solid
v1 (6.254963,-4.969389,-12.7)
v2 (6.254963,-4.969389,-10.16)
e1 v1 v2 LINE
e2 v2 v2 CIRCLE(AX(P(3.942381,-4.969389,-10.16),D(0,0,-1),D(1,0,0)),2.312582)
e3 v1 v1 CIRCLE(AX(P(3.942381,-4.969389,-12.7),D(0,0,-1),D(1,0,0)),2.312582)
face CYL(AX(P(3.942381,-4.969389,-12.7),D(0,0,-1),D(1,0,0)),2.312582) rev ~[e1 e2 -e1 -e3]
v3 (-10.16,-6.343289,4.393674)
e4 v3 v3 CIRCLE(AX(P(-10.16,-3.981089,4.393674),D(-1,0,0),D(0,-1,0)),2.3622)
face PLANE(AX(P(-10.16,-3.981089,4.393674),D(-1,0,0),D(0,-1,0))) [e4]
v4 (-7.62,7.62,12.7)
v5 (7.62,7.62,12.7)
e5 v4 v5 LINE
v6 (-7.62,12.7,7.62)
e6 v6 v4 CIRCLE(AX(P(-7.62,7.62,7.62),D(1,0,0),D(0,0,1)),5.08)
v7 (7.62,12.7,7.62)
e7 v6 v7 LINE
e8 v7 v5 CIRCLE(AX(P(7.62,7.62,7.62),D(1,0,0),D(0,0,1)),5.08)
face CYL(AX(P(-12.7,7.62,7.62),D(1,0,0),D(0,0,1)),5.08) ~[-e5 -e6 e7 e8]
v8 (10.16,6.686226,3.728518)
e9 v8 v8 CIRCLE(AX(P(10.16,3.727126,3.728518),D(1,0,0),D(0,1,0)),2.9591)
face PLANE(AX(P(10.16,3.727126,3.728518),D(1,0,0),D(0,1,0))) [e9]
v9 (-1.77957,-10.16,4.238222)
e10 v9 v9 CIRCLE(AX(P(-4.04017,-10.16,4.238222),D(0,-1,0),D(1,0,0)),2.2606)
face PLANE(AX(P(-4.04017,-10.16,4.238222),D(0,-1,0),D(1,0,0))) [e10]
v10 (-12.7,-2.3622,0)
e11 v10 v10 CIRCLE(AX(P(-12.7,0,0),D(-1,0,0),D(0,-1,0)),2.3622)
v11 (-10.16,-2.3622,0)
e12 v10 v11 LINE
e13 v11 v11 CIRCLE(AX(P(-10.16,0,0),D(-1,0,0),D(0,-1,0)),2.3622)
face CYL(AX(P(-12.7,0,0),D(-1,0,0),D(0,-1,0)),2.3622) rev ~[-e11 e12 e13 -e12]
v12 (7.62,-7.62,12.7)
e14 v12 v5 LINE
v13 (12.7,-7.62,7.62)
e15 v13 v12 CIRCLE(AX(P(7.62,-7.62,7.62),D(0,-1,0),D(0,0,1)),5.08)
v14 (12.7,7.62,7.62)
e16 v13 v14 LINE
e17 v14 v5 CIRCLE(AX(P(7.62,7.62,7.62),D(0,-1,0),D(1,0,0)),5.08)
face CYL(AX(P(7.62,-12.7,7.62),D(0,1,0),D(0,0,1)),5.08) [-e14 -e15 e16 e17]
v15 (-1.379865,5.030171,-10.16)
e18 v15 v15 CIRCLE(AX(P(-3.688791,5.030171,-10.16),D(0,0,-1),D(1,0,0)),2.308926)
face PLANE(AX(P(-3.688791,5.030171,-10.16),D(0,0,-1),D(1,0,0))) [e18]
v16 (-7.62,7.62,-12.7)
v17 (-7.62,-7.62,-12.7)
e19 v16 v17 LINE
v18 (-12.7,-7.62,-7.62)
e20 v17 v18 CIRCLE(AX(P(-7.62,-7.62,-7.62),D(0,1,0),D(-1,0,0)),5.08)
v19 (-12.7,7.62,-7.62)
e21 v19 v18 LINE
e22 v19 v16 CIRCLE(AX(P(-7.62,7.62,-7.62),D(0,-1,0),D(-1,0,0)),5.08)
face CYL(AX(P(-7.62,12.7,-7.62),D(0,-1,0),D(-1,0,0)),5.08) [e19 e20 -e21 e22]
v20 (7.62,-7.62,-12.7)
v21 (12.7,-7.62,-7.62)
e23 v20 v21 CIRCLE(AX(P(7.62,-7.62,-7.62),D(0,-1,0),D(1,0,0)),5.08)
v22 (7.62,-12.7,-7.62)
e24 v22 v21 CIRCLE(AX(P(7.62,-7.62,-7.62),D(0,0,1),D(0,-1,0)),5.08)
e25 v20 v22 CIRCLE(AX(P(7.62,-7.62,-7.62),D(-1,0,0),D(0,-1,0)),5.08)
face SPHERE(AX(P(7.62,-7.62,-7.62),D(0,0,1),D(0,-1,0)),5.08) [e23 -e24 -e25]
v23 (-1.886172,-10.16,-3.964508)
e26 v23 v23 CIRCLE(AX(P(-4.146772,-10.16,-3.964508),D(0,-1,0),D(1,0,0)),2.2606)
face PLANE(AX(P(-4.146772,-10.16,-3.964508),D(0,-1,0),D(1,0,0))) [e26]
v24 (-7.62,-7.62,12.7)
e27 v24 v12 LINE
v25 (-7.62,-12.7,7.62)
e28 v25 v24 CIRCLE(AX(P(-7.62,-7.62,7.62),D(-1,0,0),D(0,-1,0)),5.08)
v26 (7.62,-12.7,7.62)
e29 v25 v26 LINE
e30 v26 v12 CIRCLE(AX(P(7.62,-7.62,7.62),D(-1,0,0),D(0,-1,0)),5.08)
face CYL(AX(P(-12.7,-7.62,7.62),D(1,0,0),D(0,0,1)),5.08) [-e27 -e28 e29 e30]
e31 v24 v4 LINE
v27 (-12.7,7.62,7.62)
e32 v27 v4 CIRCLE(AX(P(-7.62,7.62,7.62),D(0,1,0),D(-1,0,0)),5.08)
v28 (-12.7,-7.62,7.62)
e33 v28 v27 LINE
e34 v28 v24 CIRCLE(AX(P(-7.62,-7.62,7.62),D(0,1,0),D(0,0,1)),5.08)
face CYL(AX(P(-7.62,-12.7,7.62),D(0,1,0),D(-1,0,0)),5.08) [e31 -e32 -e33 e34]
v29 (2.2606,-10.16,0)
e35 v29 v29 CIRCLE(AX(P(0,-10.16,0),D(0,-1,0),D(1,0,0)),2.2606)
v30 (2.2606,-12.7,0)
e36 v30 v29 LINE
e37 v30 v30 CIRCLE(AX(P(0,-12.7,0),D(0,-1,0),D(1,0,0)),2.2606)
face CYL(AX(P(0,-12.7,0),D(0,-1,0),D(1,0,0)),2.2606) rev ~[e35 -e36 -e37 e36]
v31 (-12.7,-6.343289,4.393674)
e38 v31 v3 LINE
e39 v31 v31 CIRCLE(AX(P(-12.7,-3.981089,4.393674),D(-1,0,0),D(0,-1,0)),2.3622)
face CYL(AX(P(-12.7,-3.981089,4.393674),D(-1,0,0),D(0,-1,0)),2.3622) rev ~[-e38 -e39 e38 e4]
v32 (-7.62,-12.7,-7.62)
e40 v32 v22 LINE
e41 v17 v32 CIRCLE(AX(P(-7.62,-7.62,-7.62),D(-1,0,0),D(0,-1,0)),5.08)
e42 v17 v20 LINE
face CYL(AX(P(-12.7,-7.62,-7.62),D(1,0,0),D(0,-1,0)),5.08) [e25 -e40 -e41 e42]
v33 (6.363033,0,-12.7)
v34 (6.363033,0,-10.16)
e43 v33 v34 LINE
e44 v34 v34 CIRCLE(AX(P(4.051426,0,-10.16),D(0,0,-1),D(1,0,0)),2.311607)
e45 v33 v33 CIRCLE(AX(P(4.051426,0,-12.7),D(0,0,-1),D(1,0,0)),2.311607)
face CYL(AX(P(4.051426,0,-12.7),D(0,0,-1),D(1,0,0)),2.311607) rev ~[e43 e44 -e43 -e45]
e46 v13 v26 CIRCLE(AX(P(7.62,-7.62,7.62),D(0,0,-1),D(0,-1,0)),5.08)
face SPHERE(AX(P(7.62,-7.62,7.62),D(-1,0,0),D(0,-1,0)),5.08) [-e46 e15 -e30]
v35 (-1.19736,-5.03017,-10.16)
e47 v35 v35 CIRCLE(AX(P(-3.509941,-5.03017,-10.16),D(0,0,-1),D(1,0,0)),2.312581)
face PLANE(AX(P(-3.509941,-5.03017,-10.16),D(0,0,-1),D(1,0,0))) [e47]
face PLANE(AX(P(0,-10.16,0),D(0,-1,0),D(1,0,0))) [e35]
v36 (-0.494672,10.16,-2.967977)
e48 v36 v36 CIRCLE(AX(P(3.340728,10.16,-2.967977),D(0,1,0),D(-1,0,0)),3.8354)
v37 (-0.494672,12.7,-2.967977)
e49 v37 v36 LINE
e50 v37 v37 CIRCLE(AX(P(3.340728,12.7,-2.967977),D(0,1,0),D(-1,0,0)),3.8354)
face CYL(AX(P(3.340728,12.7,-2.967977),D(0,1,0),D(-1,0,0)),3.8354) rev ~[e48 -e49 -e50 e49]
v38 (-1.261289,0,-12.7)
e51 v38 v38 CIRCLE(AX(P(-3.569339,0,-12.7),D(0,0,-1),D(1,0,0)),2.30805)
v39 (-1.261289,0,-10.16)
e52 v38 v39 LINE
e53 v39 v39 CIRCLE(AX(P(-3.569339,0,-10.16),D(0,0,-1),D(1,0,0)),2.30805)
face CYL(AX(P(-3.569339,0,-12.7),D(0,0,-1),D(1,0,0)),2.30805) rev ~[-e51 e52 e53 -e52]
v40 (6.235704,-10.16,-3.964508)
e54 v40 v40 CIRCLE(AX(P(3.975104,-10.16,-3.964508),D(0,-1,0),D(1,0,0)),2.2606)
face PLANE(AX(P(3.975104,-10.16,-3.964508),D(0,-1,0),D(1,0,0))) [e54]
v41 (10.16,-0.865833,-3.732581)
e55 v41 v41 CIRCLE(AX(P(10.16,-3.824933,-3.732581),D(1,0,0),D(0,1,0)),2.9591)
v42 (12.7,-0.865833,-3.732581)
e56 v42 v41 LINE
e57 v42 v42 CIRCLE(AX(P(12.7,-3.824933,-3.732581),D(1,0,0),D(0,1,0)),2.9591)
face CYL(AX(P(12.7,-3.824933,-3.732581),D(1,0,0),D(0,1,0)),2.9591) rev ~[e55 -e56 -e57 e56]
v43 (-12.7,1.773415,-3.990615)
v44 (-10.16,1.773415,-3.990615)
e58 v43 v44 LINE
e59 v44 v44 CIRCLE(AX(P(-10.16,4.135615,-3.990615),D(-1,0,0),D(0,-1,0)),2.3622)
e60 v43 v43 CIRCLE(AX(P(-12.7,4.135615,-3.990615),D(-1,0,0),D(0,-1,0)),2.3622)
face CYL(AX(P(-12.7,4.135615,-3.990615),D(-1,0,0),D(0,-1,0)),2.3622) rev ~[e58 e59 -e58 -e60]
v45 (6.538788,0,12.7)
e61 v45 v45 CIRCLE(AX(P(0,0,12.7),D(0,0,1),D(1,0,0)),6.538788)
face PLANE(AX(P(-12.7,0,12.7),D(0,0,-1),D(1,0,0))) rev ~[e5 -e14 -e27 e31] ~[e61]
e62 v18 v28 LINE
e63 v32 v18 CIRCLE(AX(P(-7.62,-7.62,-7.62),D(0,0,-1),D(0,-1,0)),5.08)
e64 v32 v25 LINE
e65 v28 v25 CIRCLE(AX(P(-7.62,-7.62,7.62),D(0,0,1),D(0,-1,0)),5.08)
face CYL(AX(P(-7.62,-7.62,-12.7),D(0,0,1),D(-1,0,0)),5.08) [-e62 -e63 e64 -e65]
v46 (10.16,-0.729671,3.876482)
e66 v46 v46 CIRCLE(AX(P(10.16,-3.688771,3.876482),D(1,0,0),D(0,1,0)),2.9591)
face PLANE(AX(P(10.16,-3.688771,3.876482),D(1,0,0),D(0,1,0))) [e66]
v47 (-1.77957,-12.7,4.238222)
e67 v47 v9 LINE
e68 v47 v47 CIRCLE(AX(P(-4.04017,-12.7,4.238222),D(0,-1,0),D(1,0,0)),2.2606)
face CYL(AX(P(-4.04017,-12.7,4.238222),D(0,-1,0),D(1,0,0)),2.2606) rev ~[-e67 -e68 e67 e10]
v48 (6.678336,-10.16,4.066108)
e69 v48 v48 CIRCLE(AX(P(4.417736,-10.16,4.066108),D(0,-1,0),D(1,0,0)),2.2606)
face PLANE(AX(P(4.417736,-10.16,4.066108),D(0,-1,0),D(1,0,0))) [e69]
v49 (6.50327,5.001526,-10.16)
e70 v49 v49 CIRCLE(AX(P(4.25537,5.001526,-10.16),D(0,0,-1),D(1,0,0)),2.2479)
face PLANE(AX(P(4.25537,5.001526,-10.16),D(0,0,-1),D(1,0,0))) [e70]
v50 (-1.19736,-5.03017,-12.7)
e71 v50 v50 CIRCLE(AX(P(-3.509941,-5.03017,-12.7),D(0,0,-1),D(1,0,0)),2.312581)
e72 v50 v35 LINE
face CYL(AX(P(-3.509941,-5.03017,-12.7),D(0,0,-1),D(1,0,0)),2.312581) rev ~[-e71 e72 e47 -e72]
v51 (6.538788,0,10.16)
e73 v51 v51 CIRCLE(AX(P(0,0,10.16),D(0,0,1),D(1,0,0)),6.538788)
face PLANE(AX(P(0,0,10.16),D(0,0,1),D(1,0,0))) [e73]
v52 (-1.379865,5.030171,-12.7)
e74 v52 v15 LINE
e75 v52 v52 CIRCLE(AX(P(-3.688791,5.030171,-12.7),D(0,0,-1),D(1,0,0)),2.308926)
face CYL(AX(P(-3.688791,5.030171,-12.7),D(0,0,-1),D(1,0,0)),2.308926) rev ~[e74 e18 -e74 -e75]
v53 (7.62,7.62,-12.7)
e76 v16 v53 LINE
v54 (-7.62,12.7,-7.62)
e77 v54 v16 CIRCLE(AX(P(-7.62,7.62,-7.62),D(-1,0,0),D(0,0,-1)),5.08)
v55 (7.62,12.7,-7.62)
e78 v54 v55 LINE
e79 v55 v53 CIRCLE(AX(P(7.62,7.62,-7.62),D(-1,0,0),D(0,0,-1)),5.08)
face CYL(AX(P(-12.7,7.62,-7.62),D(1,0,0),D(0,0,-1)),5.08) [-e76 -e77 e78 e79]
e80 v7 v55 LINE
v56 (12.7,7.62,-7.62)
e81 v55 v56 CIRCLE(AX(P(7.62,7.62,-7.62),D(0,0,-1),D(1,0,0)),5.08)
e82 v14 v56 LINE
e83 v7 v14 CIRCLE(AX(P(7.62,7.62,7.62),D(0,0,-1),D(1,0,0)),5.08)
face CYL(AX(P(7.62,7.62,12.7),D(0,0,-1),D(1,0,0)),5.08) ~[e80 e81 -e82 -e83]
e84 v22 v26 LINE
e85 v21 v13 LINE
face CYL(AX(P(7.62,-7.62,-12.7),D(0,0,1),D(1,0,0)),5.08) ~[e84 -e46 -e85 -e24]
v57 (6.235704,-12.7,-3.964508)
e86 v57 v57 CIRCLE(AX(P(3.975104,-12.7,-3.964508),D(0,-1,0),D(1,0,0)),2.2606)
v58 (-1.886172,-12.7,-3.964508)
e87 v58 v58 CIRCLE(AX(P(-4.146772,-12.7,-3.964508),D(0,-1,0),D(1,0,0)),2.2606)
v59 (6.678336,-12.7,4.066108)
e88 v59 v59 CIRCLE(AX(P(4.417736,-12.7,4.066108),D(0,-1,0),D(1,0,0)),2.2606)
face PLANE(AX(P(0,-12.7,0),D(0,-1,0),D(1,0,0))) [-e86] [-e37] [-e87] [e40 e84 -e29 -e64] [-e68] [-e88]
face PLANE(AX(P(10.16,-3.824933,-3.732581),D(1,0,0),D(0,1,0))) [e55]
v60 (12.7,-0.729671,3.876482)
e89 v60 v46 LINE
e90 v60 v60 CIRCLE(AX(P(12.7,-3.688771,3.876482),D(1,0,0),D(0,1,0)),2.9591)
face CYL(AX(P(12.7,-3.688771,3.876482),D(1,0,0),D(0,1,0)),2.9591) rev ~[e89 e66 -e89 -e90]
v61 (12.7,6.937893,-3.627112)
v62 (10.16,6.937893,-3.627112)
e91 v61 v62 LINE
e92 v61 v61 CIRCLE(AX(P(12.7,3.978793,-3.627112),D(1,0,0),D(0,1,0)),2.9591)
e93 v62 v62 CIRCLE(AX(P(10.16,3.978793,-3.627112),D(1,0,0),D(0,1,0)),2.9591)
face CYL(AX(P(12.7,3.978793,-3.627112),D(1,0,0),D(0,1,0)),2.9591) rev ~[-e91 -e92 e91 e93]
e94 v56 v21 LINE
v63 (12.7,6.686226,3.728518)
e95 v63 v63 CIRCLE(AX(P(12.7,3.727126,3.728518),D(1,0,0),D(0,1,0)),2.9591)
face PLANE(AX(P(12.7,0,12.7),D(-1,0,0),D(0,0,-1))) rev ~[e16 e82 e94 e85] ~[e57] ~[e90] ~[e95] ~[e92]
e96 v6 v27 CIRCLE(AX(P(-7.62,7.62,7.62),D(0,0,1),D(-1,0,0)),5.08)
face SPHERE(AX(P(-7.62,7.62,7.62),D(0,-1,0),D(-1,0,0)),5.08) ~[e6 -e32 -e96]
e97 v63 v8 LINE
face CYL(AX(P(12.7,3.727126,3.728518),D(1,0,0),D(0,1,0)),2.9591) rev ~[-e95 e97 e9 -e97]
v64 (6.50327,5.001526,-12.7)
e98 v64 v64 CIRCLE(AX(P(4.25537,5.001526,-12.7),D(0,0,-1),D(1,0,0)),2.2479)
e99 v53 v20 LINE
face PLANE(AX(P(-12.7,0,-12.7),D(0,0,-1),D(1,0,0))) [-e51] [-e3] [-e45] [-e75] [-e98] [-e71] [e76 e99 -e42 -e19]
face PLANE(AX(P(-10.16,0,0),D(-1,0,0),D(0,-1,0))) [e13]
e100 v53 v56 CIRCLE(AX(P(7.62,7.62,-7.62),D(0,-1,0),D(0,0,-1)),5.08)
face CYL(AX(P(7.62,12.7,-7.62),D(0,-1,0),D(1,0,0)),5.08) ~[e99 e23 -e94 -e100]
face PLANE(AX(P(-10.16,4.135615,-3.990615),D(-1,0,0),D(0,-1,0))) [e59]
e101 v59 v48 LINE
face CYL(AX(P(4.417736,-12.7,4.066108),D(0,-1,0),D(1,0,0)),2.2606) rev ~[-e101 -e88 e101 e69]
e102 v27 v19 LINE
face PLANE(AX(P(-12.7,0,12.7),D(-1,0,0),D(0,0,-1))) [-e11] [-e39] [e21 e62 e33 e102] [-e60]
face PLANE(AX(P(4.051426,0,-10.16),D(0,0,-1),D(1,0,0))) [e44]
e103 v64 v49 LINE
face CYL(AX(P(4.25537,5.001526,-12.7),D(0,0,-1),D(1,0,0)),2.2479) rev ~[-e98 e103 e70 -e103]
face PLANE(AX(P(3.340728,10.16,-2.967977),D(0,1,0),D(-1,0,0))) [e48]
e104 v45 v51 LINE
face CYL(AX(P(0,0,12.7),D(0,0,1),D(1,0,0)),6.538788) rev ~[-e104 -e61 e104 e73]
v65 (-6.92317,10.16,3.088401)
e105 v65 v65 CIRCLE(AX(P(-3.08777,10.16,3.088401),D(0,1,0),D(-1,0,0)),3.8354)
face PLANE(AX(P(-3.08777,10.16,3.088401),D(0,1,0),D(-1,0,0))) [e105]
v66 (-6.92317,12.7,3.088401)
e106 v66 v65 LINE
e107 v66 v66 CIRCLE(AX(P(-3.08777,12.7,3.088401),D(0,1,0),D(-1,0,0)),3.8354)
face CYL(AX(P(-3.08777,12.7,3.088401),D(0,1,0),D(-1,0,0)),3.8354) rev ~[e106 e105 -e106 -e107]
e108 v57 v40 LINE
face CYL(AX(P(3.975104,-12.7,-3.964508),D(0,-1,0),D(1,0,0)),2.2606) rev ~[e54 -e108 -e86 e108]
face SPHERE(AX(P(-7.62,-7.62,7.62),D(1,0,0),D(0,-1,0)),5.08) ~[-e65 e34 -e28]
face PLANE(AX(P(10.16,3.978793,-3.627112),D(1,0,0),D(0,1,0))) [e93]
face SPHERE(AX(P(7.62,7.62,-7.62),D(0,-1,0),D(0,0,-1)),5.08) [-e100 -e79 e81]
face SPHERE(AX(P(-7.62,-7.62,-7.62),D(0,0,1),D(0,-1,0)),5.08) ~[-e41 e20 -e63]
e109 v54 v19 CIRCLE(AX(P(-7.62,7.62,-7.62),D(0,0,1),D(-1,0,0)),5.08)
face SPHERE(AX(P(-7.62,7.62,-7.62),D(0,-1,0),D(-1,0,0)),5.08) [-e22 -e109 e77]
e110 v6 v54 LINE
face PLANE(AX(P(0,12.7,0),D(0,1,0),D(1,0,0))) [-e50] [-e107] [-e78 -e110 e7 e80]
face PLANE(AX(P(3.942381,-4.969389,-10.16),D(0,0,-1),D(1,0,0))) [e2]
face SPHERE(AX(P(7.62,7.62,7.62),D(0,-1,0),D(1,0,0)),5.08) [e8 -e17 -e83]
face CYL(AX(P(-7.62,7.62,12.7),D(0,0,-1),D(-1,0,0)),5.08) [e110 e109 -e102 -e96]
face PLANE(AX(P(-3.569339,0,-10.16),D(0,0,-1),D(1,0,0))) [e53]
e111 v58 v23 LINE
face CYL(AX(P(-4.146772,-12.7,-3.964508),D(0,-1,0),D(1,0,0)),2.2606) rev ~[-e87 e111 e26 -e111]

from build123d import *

# Parameters (mm, degrees)
F0_W      = 25.4
F0_H      = 25.4
F1_DEPTH  = 12.7
F1_FACE_W = 25.4
F1_FACE_H = 25.4
F2_DEPTH  = 12.7
F3_R      = 5.08
F7_R      = 2.308926
F7_R_2    = 2.30805
F7_R_3    = 2.2479
F7_R_4    = 2.311607
F7_R_5    = 2.312582
F7_R_6    = 2.312581
F10_DEPTH = 2.54
F6_R      = 6.538788
F11_DEPTH = 2.54
F4_R      = 2.2606
F12_DEPTH = 2.54
F5_R      = 3.8354
F13_DEPTH = 2.54
F8_R      = 2.3622
F14_DEPTH = 2.54
F9_R      = 2.9591
F15_DEPTH = 2.54


with BuildPart() as f1:
    # F0 (on Front) → F1 (new body)
    with BuildSketch(Plane.XZ):
        Rectangle(F0_W, F0_H)
    extrude(amount=F1_DEPTH)

    # F1_face (on face) → F2 (join)
    with BuildSketch(Plane(origin=(0, 0, 0), x_dir=(1, 0, 0), z_dir=(0, 1, 0))):
        Rectangle(F1_FACE_W, F1_FACE_H)
    extrude(amount=F2_DEPTH)

    # F3
    f3_edges = [f1.edges().sort_by_distance(p)[0] for p in [
        (0, -12.7, 12.7),
        (-12.7, -12.7, 0),
        (12.7, -12.7, 0),
        (12.7, 0, 12.7),
        (0, -12.7, -12.7),
        (-12.7, 0, -12.7),
        (12.7, 0, -12.7),
        (-12.7, 0, 12.7),
        (-12.7, 12.7, 0),
        (0, 12.7, -12.7),
        (12.7, 12.7, 0),
        (0, 12.7, 12.7),
    ]]
    fillet(f3_edges, radius=F3_R)

    # F7 (on face) → F10 (cut)
    with BuildSketch(Plane(origin=(0, 0, -12.7), x_dir=(1, 0, 0), z_dir=(0, 0, -1))):
        with Locations((-3.688791, -5.030171)):
            Circle(F7_R)
        with Locations((-3.569339, 0)):
            Circle(F7_R_2)
        with Locations((4.25537, -5.001526)):
            Circle(F7_R_3)
        with Locations((4.051426, 0)):
            Circle(F7_R_4)
        with Locations((3.942381, 4.969389)):
            Circle(F7_R_5)
        with Locations((-3.509941, 5.03017)):
            Circle(F7_R_6)
    extrude(amount=-F10_DEPTH, mode=Mode.SUBTRACT)

    # F6 (on face) → F11 (cut)
    with BuildSketch(Plane.XY.offset(12.7)):
        Circle(F6_R)
    extrude(amount=-F11_DEPTH, mode=Mode.SUBTRACT)

    # F4 (on face) → F12 (cut)
    with BuildSketch(Plane.XZ.offset(12.7)):
        Circle(F4_R)
        with Locations((-4.04017, 4.238222)):
            Circle(F4_R)
        with Locations((4.417736, 4.066108)):
            Circle(F4_R)
        with Locations((-4.146772, -3.964508)):
            Circle(F4_R)
        with Locations((3.975104, -3.964508)):
            Circle(F4_R)
    extrude(amount=-F12_DEPTH, mode=Mode.SUBTRACT)

    # F5 (on face) → F13 (cut)
    with BuildSketch(Plane(origin=(0, 12.7, 0), x_dir=(-1, 0, 0), z_dir=(0, 1, 0))):
        with Locations((3.08777, 3.088401)):
            Circle(F5_R)
        with Locations((-3.340728, -2.967977)):
            Circle(F5_R)
    extrude(amount=-F13_DEPTH, mode=Mode.SUBTRACT)

    # F8 (on face) → F14 (cut)
    with BuildSketch(Plane(origin=(-12.7, 0, 0), x_dir=(0, -1, 0), z_dir=(-1, 0, 0))):
        Circle(F8_R)
        with Locations((3.981089, 4.393674)):
            Circle(F8_R)
        with Locations((-4.135615, -3.990615)):
            Circle(F8_R)
    extrude(amount=-F14_DEPTH, mode=Mode.SUBTRACT)

    # F9 (on face) → F15 (cut)
    with BuildSketch(Plane.YZ.offset(12.7)):
        with Locations((-3.688771, 3.876482)):
            Circle(F9_R)
        with Locations((3.727126, 3.728518)):
            Circle(F9_R)
        with Locations((-3.824933, -3.732581)):
            Circle(F9_R)
        with Locations((3.978793, -3.627112)):
            Circle(F9_R)
    extrude(amount=-F15_DEPTH, mode=Mode.SUBTRACT)


solid = f1.part
